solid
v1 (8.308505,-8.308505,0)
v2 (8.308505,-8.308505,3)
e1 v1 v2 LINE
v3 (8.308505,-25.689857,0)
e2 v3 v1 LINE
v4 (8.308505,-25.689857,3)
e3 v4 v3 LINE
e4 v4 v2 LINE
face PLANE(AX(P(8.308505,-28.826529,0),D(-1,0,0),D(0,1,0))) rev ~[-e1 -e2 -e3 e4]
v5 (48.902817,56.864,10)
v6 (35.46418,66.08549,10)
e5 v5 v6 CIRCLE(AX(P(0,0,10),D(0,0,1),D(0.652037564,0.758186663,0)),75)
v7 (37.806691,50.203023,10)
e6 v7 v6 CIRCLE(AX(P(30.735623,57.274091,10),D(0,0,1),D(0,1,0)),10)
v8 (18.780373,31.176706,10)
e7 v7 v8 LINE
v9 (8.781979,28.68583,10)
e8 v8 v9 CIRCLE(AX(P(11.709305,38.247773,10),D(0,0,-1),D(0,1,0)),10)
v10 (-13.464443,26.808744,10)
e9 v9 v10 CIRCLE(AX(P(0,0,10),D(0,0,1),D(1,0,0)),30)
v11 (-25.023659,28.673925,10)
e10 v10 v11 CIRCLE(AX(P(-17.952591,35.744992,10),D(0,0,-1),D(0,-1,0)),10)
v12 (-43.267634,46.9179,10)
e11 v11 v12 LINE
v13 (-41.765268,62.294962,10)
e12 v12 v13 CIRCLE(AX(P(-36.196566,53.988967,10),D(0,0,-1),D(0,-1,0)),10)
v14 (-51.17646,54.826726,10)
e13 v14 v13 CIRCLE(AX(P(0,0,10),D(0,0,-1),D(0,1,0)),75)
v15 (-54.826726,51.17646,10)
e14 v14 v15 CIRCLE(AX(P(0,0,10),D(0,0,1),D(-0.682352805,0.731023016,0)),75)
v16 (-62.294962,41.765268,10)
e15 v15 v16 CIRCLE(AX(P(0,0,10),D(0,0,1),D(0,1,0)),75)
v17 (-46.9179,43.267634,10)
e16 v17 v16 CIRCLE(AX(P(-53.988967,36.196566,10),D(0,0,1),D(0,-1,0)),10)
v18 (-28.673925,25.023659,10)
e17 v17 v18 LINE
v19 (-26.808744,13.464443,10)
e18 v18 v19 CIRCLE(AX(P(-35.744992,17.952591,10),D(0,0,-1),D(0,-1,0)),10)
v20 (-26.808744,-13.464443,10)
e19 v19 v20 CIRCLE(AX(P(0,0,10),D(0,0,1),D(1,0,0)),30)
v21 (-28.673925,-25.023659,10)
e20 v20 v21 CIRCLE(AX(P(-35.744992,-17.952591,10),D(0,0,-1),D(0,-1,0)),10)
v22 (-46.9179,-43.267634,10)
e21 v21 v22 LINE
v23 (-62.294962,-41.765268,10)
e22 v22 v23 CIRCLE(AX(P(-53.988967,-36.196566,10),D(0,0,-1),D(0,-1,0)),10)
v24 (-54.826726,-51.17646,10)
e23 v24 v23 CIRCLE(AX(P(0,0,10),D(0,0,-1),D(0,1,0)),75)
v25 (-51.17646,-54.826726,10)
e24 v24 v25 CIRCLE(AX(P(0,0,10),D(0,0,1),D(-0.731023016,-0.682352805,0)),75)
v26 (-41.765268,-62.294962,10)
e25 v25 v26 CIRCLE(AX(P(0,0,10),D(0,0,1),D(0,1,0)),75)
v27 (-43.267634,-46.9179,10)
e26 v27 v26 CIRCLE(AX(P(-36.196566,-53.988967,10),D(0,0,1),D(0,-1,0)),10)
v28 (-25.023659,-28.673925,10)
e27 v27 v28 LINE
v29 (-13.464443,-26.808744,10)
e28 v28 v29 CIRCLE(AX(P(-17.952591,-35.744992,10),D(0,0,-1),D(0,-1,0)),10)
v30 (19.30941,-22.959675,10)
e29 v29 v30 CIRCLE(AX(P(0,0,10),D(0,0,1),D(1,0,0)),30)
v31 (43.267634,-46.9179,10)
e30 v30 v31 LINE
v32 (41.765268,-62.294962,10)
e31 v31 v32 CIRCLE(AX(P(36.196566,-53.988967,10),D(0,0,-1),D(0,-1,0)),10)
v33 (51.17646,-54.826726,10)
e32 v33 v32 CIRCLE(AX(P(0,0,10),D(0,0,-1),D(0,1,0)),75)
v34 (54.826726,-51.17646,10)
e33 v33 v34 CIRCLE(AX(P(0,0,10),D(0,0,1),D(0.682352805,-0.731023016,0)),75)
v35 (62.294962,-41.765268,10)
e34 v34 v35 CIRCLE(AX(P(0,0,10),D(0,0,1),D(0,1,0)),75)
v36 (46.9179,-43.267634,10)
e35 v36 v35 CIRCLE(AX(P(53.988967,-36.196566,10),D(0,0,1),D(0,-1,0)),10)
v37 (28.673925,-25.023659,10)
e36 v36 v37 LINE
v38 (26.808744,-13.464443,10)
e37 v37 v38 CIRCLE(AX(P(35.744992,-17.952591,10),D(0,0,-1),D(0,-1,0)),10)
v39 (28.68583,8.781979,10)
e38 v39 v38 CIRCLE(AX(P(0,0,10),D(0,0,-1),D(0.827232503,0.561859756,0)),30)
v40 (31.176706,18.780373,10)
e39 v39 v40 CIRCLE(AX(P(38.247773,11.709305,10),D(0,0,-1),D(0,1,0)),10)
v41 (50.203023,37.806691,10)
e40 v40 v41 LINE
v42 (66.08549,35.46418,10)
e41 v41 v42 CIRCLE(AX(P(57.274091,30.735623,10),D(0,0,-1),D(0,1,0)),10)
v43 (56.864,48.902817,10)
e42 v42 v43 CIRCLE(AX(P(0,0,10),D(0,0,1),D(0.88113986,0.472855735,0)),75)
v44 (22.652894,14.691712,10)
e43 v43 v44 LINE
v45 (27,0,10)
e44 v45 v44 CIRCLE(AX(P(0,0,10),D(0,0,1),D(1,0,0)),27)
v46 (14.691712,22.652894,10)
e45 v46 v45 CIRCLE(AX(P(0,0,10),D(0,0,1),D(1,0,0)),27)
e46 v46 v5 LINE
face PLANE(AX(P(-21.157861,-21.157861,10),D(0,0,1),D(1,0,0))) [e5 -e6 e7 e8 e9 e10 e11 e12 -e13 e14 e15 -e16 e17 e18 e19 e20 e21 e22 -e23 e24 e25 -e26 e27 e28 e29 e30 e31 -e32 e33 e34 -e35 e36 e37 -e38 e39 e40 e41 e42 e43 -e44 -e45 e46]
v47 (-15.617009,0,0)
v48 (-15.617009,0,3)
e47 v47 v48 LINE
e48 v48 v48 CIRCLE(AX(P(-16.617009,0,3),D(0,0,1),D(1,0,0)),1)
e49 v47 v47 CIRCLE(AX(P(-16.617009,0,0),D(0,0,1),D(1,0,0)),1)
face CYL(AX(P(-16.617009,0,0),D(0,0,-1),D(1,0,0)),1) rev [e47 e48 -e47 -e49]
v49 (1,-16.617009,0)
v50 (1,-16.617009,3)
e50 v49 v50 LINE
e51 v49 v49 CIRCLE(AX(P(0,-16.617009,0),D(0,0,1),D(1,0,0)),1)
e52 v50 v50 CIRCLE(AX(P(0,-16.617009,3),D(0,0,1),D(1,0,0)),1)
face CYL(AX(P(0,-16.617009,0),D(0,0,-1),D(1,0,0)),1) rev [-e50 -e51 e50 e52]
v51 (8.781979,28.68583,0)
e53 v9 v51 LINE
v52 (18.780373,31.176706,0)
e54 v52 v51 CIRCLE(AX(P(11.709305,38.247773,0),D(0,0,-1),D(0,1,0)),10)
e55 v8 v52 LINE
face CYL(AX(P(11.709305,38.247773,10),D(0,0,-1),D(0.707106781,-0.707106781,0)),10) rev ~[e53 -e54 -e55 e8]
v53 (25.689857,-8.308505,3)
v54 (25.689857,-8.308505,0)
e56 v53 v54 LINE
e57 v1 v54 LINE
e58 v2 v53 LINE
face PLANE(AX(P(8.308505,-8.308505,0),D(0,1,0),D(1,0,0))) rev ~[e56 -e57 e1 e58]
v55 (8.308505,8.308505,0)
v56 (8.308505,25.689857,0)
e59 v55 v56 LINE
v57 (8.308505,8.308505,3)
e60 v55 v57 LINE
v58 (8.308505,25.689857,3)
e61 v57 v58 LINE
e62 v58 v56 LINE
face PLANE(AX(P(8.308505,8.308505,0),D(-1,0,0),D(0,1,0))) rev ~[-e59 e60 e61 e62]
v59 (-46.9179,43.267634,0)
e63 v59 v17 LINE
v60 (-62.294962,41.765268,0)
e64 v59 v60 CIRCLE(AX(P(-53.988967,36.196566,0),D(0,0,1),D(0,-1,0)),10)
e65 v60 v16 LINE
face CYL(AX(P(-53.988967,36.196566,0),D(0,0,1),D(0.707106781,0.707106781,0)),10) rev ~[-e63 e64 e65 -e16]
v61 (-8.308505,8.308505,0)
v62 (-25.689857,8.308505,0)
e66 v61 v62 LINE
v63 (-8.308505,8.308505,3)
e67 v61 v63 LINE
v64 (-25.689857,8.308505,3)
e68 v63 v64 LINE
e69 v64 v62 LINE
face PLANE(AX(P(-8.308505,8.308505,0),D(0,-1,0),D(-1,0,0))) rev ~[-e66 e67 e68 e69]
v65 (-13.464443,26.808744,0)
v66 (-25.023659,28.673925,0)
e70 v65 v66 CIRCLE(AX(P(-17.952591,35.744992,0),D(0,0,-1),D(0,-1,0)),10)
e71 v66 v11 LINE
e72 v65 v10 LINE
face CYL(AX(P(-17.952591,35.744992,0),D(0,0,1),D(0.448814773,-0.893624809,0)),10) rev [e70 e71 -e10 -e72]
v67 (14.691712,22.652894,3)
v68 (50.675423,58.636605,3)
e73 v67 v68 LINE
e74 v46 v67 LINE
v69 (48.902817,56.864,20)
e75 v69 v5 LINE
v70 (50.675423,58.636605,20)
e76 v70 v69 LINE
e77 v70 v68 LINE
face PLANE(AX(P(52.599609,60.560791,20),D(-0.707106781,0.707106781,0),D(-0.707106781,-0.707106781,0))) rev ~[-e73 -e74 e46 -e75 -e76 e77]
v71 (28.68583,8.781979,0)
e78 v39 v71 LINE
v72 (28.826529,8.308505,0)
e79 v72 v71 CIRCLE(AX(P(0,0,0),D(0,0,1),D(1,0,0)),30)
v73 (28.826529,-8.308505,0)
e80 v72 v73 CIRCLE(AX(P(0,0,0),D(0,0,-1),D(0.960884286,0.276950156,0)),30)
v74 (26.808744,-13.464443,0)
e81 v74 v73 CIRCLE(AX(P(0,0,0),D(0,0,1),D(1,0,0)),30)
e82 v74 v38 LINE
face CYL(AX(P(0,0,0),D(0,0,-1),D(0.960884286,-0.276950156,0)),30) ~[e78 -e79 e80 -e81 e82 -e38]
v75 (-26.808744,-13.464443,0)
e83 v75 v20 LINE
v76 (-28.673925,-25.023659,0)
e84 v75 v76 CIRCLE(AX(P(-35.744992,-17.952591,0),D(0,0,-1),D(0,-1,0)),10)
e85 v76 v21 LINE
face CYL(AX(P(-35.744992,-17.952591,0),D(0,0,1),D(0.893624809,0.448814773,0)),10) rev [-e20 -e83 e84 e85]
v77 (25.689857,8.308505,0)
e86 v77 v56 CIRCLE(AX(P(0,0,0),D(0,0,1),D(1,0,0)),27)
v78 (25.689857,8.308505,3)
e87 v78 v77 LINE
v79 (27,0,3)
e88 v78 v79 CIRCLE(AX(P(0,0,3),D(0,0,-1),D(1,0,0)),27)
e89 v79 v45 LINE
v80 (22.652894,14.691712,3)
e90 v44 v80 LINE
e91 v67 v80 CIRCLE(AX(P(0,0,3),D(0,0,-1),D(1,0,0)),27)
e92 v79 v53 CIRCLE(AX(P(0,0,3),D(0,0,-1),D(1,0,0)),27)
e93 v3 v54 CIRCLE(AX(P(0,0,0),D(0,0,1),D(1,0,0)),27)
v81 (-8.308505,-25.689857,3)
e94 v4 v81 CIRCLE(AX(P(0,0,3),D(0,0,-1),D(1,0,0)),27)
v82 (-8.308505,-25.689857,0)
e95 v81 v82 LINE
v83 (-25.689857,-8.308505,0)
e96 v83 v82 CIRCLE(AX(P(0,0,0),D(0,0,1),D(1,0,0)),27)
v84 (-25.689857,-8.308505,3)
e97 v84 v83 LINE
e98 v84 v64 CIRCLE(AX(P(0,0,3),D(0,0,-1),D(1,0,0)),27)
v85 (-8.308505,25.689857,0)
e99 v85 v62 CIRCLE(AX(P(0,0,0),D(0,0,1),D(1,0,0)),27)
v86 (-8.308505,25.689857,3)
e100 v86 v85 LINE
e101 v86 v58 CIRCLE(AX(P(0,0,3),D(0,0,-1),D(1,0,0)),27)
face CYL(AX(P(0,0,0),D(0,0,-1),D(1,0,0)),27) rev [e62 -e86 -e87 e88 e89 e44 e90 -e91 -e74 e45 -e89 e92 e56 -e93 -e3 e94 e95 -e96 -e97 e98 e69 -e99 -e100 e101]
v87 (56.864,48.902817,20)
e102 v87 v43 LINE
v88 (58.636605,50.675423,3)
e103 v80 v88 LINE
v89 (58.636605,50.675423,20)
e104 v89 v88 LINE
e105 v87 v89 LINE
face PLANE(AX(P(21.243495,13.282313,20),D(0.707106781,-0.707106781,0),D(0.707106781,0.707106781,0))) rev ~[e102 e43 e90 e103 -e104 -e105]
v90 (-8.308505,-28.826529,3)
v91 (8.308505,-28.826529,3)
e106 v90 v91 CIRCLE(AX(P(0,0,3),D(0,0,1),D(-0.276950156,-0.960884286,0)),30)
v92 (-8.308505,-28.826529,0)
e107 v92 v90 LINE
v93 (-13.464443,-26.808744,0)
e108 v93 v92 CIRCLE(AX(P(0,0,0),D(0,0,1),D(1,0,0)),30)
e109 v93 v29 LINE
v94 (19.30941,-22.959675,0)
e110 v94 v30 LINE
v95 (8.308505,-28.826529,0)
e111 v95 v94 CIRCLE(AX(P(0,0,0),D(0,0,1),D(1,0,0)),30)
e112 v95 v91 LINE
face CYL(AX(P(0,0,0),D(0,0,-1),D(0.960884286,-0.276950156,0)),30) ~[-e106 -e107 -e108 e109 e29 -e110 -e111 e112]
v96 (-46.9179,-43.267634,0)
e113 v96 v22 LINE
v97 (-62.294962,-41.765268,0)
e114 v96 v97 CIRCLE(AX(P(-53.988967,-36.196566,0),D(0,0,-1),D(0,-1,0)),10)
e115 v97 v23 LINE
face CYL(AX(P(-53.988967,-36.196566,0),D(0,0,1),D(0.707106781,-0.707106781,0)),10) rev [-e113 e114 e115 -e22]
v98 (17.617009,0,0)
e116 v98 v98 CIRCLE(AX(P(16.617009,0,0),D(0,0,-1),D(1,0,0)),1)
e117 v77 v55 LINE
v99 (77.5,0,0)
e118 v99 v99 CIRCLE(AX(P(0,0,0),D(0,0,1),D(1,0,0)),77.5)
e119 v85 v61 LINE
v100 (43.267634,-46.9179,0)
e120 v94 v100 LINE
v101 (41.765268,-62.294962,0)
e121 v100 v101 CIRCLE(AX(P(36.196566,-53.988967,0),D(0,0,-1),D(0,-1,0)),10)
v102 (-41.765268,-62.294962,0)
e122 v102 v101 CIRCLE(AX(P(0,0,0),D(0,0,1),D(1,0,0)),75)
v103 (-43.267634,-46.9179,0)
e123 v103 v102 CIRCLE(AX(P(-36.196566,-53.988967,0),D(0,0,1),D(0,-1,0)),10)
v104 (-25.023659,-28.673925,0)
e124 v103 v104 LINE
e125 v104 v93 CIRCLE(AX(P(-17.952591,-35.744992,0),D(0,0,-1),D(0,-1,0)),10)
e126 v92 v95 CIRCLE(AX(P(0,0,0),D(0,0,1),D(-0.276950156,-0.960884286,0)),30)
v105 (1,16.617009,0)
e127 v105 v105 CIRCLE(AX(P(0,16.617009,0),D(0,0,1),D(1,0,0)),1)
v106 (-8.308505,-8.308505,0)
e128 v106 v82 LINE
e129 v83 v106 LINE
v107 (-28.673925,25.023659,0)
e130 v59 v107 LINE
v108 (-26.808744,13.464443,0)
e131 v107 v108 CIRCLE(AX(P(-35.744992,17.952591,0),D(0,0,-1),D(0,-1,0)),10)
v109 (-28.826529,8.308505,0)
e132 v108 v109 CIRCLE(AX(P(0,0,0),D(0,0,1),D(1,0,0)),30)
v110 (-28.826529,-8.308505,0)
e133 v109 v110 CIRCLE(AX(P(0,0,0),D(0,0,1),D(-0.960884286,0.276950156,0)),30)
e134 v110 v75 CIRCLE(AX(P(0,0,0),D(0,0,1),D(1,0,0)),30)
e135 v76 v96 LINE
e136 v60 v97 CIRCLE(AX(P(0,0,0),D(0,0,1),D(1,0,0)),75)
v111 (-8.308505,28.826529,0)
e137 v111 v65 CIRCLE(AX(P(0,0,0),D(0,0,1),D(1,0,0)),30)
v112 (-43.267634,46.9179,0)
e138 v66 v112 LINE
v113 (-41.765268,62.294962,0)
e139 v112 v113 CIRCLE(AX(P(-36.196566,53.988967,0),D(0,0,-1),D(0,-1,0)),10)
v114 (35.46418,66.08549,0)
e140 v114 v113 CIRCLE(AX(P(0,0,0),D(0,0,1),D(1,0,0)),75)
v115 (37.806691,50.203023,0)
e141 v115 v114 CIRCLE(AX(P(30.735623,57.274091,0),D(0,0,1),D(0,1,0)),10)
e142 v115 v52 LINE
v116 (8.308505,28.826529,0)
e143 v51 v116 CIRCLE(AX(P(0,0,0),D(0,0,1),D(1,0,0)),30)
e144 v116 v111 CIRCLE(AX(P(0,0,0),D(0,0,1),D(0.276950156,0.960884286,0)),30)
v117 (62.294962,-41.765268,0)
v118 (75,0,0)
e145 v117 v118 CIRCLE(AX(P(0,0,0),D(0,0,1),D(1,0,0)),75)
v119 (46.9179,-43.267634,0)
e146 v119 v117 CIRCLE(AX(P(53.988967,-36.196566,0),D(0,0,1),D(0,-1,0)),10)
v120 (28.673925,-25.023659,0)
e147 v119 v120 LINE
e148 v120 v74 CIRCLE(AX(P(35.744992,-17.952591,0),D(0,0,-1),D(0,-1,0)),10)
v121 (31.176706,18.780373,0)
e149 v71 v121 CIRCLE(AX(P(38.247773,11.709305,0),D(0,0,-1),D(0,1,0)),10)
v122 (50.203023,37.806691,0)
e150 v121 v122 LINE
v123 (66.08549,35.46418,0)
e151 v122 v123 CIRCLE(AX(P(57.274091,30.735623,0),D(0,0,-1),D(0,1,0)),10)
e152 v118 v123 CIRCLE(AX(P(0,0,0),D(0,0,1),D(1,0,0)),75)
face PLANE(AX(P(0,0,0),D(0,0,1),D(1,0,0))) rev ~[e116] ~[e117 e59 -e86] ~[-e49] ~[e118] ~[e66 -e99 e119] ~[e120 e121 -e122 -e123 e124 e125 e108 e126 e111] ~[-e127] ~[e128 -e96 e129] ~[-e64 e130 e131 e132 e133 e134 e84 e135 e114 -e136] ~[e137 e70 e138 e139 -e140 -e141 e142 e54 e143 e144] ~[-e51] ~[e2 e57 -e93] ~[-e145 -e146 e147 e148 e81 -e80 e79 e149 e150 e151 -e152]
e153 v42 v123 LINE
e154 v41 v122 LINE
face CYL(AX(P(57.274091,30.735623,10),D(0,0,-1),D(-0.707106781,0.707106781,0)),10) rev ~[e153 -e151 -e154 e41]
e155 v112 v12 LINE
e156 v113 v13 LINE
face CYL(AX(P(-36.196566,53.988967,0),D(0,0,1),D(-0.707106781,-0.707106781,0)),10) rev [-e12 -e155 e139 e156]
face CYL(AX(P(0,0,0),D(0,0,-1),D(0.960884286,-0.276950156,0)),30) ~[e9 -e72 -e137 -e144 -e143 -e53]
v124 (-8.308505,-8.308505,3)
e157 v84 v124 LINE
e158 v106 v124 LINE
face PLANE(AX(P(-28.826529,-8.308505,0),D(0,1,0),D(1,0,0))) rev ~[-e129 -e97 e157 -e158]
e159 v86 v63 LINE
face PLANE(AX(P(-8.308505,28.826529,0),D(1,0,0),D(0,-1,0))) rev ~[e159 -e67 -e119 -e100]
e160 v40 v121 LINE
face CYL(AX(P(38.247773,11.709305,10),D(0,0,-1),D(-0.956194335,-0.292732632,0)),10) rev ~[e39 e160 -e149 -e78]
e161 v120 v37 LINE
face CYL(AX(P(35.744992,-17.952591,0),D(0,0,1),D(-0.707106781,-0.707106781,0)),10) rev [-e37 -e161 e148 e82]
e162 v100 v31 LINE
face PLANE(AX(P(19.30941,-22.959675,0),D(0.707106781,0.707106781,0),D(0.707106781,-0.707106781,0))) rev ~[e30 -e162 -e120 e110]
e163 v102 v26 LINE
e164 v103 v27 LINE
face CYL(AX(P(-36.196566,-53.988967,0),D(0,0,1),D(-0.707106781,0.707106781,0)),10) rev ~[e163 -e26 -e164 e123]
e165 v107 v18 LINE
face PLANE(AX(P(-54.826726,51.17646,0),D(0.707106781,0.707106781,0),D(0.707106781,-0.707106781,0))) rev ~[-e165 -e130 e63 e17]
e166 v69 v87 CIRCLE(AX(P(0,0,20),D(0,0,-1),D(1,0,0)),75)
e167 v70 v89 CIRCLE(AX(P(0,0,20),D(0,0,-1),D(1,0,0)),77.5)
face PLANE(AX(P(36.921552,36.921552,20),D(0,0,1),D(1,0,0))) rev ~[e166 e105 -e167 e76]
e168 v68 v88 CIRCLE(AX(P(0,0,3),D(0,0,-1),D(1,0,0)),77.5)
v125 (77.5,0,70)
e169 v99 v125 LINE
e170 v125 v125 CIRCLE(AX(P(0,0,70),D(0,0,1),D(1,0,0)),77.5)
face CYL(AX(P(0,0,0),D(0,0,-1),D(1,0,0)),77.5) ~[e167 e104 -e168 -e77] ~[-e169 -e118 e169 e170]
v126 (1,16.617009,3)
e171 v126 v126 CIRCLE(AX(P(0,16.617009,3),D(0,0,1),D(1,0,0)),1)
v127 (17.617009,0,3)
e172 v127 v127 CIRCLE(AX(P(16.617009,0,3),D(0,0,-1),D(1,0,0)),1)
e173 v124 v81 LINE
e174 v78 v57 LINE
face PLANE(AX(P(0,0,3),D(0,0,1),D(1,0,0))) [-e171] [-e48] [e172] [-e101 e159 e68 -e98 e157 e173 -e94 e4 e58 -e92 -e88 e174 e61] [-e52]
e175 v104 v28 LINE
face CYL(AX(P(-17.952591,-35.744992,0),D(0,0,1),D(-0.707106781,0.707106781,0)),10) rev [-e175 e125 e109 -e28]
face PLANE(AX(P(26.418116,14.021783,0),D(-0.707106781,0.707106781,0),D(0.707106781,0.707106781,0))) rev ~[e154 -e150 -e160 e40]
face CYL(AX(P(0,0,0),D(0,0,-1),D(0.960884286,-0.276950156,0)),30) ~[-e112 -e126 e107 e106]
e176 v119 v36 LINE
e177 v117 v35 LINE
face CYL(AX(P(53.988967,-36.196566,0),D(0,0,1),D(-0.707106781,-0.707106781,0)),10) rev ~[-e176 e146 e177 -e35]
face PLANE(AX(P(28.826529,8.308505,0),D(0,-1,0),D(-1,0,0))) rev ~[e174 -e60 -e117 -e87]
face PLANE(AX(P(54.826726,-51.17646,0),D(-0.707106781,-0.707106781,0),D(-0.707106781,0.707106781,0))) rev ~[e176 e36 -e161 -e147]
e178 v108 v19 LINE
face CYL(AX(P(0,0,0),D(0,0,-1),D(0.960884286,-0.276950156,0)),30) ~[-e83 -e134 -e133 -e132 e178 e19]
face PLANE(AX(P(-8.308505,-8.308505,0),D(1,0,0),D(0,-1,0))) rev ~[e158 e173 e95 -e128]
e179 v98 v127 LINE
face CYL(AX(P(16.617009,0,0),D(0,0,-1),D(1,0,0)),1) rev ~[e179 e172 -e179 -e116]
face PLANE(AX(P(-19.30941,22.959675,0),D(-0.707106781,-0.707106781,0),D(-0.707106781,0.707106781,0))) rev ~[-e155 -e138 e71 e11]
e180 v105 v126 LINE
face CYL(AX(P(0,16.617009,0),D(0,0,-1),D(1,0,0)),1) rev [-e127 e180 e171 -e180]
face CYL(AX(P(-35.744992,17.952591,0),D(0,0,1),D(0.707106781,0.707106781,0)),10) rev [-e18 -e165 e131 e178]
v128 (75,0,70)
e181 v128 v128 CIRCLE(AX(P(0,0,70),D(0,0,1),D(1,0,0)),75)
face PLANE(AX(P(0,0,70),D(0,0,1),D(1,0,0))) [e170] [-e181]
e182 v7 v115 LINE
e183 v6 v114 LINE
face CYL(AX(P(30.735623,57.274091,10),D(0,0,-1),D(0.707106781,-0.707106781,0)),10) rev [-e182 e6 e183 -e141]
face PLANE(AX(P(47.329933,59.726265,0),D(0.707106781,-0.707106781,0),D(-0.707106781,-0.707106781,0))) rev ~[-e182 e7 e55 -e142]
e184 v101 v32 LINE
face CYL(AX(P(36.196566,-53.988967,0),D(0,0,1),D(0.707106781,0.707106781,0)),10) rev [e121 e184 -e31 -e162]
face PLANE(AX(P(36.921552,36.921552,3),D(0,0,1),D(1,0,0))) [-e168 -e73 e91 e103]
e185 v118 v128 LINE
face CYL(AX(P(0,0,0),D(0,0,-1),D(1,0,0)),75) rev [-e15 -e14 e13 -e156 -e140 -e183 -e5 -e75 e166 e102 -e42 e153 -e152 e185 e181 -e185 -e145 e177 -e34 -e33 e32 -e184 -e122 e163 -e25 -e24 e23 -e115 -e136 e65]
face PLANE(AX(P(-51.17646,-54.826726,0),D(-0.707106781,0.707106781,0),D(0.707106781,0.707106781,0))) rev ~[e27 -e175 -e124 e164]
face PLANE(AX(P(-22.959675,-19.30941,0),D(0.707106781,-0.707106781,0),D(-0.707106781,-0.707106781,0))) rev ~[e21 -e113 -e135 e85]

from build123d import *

# Parameters (mm, degrees)
F0_R      = 77.5
F0_R_2    = 75
F1_DEPTH  = 70
F2_R      = 1
F3_DEPTH  = 3
F4_R      = 30
F4_R_2    = 27
F5_DEPTH  = 10
F7_DEPTH  = 10
F10_DEPTH = 17
F12_R     = 10


with BuildPart() as f1:
    # F0 (on Top) → F1 (new body)
    with BuildSketch(Plane.XY):
        Circle(F0_R)
        Circle(F0_R_2, mode=Mode.SUBTRACT)
    extrude(amount=F1_DEPTH)


with BuildPart() as f3:
    # F2 (on Top) → F3 (new body)
    with BuildSketch(Plane.XY):
        with BuildLine():
            Line((8.3085046789, -8.3085046789), (28.8265285805, -8.3085046789))
            ThreePointArc((28.8265285805, -8.3085046789), (30, 0), (28.8265285805, 8.3085046789))
            Line((28.8265285805, 8.3085046789), (8.3085046789, 8.3085046789))
            Line((8.3085046789, 8.3085046789), (8.3085046789, 28.8265285805))
            ThreePointArc((8.3085046789, 28.8265285805), (0, 30), (-8.3085046789, 28.8265285805))
            Line((-8.3085046789, 28.8265285805), (-8.3085046789, 8.3085046789))
            Line((-8.3085046789, 8.3085046789), (-28.8265285805, 8.3085046789))
            ThreePointArc((-28.8265285805, 8.3085046789), (-30, 0), (-28.8265285805, -8.3085046789))
            Line((-28.8265285805, -8.3085046789), (-8.3085046789, -8.3085046789))
            Line((-8.3085046789, -8.3085046789), (-8.3085046789, -28.8265285805))
            ThreePointArc((-8.3085046789, -28.8265285805), (0, -30), (8.3085046789, -28.8265285805))
            Line((8.3085046789, -28.8265285805), (8.3085046789, -8.3085046789))
        make_face()
        with Locations((0, -16.6170093579)):
            Circle(F2_R, mode=Mode.SUBTRACT)
        with Locations((-16.6170093579, 0)):
            Circle(F2_R, mode=Mode.SUBTRACT)
        with BuildLine():
            ThreePointArc((15.6170093579, 0), (16.6170093579, 1), (17.6170093579, 0))
            ThreePointArc((17.6170093579, 0), (16.6170093579, -1), (15.6170093579, 0))
        make_face(mode=Mode.SUBTRACT)
        with Locations((0, 16.6170093579)):
            Circle(F2_R, mode=Mode.SUBTRACT)
    extrude(amount=F3_DEPTH)

    # F4 (on Top) → F5 (join)
    with BuildSketch(Plane.XY):
        Circle(F4_R)
        Circle(F4_R_2, mode=Mode.SUBTRACT)
    extrude(amount=F5_DEPTH)


with BuildPart() as f7:
    # F6 (on Top) → F7 (new body)
    with BuildSketch(Plane.XY):
        with BuildLine():
            Line((-19.3094096744, -22.9596754774), (-22.9596754774, -19.3094096744))
            ThreePointArc((-22.9596754774, -19.3094096744), (-21.2132034356, -21.2132034356), (-19.3094096744, -22.9596754774))
        make_face()
        with BuildLine():
            ThreePointArc((-19.3094096744, -22.9596754774), (-21.2132034356, -21.2132034356), (-22.9596754774, -19.3094096744))
            Line((-22.9596754774, -19.3094096744), (-54.8267261784, -51.1764603754))
            Line((-54.8267261784, -51.1764603754), (-51.1764603754, -54.8267261784))
            Line((-51.1764603754, -54.8267261784), (-19.3094096744, -22.9596754774))
        make_face()
        with BuildLine():
            Line((-51.1764603754, -54.8267261784), (-54.8267261784, -51.1764603754))
            ThreePointArc((-54.8267261784, -51.1764603754), (-53.033008589, -53.033008589), (-51.1764603754, -54.8267261784))
        make_face()
    extrude(amount=F7_DEPTH)


with BuildPart() as f7b:
    # F6 (on Top) → F7, piece 2 (new body)
    with BuildSketch(Plane.XY):
        with BuildLine():
            ThreePointArc((51.1764603754, -54.8267261784), (53.033008589, -53.033008589), (54.8267261784, -51.1764603754))
            Line((54.8267261784, -51.1764603754), (22.9596754774, -19.3094096744))
            ThreePointArc((22.9596754774, -19.3094096744), (21.2132034356, -21.2132034356), (19.3094096744, -22.9596754774))
            Line((19.3094096744, -22.9596754774), (51.1764603754, -54.8267261784))
        make_face()
    extrude(amount=F7_DEPTH)


with BuildPart() as f7c:
    # F6 (on Top) → F7, piece 3 (new body)
    with BuildSketch(Plane.XY):
        with BuildLine():
            ThreePointArc((-51.1764603754, 54.8267261784), (-53.033008589, 53.033008589), (-54.8267261784, 51.1764603754))
            Line((-54.8267261784, 51.1764603754), (-22.9596754774, 19.3094096744))
            ThreePointArc((-22.9596754774, 19.3094096744), (-21.2132034356, 21.2132034356), (-19.3094096744, 22.9596754774))
            Line((-19.3094096744, 22.9596754774), (-51.1764603754, 54.8267261784))
        make_face()
    extrude(amount=F7_DEPTH)


with BuildPart() as f7d:
    # F6 (on Top) → F7, piece 4 (new body)
    with BuildSketch(Plane.XY):
        Polygon((14.0217830061, 26.418115506), (26.418115506, 14.0217830061), (59.726265439, 47.3299329391), (47.3299329391, 59.726265439), align=None)
    extrude(amount=F7_DEPTH)


with BuildPart() as f10_tool:
    # F9 (on offset) → F10 (new body)
    with BuildSketch(Plane.XY.offset(20)):
        Polygon((13.2823127623, 21.2434951856), (21.2434951856, 13.2823127623), (60.5607913141, 52.5996088908), (52.5996088908, 60.5607913141), align=None)
    extrude(amount=-F10_DEPTH)


with BuildPart() as f1_1:
    add(f1.part)

    # F10: cut by f10_tool
    add(f10_tool.part, mode=Mode.SUBTRACT)


with BuildPart() as f3_1:
    add(f3.part)

    # F10: cut by f10_tool
    add(f10_tool.part, mode=Mode.SUBTRACT)


with BuildPart() as f7d_1:
    add(f7d.part)

    # F10: cut by f10_tool
    add(f10_tool.part, mode=Mode.SUBTRACT)


with BuildPart() as f3_2:
    add(f3_1.part)

    # F11: union F7, F7b, F7c, F7d, F1
    add(f7.part)
    add(f7b.part)
    add(f7c.part)
    add(f7d_1.part)
    add(f1_1.part)

    # F12
    f12_edges = [f3_2.edges().sort_by_distance(p)[0] for p in [
        (-51.17646, 54.826726, 5),
        (-54.826726, 51.17646, 5),
        (58.867728, 46.471396, 5),
        (46.471396, 58.867728, 5),
        (51.17646, -54.826726, 5),
        (54.826726, -51.17646, 5),
        (-51.17646, -54.826726, 5),
        (-54.826726, -51.17646, 5),
        (-22.959675, -19.30941, 5),
        (-19.30941, -22.959675, 5),
        (22.959675, -19.30941, 5),
        (14.089336, 26.485668, 5),
        (26.485668, 14.089336, 5),
        (-19.30941, 22.959675, 5),
        (-22.959675, 19.30941, 5),
    ]]
    fillet(f12_edges, radius=F12_R)


solid = f3_2.part
